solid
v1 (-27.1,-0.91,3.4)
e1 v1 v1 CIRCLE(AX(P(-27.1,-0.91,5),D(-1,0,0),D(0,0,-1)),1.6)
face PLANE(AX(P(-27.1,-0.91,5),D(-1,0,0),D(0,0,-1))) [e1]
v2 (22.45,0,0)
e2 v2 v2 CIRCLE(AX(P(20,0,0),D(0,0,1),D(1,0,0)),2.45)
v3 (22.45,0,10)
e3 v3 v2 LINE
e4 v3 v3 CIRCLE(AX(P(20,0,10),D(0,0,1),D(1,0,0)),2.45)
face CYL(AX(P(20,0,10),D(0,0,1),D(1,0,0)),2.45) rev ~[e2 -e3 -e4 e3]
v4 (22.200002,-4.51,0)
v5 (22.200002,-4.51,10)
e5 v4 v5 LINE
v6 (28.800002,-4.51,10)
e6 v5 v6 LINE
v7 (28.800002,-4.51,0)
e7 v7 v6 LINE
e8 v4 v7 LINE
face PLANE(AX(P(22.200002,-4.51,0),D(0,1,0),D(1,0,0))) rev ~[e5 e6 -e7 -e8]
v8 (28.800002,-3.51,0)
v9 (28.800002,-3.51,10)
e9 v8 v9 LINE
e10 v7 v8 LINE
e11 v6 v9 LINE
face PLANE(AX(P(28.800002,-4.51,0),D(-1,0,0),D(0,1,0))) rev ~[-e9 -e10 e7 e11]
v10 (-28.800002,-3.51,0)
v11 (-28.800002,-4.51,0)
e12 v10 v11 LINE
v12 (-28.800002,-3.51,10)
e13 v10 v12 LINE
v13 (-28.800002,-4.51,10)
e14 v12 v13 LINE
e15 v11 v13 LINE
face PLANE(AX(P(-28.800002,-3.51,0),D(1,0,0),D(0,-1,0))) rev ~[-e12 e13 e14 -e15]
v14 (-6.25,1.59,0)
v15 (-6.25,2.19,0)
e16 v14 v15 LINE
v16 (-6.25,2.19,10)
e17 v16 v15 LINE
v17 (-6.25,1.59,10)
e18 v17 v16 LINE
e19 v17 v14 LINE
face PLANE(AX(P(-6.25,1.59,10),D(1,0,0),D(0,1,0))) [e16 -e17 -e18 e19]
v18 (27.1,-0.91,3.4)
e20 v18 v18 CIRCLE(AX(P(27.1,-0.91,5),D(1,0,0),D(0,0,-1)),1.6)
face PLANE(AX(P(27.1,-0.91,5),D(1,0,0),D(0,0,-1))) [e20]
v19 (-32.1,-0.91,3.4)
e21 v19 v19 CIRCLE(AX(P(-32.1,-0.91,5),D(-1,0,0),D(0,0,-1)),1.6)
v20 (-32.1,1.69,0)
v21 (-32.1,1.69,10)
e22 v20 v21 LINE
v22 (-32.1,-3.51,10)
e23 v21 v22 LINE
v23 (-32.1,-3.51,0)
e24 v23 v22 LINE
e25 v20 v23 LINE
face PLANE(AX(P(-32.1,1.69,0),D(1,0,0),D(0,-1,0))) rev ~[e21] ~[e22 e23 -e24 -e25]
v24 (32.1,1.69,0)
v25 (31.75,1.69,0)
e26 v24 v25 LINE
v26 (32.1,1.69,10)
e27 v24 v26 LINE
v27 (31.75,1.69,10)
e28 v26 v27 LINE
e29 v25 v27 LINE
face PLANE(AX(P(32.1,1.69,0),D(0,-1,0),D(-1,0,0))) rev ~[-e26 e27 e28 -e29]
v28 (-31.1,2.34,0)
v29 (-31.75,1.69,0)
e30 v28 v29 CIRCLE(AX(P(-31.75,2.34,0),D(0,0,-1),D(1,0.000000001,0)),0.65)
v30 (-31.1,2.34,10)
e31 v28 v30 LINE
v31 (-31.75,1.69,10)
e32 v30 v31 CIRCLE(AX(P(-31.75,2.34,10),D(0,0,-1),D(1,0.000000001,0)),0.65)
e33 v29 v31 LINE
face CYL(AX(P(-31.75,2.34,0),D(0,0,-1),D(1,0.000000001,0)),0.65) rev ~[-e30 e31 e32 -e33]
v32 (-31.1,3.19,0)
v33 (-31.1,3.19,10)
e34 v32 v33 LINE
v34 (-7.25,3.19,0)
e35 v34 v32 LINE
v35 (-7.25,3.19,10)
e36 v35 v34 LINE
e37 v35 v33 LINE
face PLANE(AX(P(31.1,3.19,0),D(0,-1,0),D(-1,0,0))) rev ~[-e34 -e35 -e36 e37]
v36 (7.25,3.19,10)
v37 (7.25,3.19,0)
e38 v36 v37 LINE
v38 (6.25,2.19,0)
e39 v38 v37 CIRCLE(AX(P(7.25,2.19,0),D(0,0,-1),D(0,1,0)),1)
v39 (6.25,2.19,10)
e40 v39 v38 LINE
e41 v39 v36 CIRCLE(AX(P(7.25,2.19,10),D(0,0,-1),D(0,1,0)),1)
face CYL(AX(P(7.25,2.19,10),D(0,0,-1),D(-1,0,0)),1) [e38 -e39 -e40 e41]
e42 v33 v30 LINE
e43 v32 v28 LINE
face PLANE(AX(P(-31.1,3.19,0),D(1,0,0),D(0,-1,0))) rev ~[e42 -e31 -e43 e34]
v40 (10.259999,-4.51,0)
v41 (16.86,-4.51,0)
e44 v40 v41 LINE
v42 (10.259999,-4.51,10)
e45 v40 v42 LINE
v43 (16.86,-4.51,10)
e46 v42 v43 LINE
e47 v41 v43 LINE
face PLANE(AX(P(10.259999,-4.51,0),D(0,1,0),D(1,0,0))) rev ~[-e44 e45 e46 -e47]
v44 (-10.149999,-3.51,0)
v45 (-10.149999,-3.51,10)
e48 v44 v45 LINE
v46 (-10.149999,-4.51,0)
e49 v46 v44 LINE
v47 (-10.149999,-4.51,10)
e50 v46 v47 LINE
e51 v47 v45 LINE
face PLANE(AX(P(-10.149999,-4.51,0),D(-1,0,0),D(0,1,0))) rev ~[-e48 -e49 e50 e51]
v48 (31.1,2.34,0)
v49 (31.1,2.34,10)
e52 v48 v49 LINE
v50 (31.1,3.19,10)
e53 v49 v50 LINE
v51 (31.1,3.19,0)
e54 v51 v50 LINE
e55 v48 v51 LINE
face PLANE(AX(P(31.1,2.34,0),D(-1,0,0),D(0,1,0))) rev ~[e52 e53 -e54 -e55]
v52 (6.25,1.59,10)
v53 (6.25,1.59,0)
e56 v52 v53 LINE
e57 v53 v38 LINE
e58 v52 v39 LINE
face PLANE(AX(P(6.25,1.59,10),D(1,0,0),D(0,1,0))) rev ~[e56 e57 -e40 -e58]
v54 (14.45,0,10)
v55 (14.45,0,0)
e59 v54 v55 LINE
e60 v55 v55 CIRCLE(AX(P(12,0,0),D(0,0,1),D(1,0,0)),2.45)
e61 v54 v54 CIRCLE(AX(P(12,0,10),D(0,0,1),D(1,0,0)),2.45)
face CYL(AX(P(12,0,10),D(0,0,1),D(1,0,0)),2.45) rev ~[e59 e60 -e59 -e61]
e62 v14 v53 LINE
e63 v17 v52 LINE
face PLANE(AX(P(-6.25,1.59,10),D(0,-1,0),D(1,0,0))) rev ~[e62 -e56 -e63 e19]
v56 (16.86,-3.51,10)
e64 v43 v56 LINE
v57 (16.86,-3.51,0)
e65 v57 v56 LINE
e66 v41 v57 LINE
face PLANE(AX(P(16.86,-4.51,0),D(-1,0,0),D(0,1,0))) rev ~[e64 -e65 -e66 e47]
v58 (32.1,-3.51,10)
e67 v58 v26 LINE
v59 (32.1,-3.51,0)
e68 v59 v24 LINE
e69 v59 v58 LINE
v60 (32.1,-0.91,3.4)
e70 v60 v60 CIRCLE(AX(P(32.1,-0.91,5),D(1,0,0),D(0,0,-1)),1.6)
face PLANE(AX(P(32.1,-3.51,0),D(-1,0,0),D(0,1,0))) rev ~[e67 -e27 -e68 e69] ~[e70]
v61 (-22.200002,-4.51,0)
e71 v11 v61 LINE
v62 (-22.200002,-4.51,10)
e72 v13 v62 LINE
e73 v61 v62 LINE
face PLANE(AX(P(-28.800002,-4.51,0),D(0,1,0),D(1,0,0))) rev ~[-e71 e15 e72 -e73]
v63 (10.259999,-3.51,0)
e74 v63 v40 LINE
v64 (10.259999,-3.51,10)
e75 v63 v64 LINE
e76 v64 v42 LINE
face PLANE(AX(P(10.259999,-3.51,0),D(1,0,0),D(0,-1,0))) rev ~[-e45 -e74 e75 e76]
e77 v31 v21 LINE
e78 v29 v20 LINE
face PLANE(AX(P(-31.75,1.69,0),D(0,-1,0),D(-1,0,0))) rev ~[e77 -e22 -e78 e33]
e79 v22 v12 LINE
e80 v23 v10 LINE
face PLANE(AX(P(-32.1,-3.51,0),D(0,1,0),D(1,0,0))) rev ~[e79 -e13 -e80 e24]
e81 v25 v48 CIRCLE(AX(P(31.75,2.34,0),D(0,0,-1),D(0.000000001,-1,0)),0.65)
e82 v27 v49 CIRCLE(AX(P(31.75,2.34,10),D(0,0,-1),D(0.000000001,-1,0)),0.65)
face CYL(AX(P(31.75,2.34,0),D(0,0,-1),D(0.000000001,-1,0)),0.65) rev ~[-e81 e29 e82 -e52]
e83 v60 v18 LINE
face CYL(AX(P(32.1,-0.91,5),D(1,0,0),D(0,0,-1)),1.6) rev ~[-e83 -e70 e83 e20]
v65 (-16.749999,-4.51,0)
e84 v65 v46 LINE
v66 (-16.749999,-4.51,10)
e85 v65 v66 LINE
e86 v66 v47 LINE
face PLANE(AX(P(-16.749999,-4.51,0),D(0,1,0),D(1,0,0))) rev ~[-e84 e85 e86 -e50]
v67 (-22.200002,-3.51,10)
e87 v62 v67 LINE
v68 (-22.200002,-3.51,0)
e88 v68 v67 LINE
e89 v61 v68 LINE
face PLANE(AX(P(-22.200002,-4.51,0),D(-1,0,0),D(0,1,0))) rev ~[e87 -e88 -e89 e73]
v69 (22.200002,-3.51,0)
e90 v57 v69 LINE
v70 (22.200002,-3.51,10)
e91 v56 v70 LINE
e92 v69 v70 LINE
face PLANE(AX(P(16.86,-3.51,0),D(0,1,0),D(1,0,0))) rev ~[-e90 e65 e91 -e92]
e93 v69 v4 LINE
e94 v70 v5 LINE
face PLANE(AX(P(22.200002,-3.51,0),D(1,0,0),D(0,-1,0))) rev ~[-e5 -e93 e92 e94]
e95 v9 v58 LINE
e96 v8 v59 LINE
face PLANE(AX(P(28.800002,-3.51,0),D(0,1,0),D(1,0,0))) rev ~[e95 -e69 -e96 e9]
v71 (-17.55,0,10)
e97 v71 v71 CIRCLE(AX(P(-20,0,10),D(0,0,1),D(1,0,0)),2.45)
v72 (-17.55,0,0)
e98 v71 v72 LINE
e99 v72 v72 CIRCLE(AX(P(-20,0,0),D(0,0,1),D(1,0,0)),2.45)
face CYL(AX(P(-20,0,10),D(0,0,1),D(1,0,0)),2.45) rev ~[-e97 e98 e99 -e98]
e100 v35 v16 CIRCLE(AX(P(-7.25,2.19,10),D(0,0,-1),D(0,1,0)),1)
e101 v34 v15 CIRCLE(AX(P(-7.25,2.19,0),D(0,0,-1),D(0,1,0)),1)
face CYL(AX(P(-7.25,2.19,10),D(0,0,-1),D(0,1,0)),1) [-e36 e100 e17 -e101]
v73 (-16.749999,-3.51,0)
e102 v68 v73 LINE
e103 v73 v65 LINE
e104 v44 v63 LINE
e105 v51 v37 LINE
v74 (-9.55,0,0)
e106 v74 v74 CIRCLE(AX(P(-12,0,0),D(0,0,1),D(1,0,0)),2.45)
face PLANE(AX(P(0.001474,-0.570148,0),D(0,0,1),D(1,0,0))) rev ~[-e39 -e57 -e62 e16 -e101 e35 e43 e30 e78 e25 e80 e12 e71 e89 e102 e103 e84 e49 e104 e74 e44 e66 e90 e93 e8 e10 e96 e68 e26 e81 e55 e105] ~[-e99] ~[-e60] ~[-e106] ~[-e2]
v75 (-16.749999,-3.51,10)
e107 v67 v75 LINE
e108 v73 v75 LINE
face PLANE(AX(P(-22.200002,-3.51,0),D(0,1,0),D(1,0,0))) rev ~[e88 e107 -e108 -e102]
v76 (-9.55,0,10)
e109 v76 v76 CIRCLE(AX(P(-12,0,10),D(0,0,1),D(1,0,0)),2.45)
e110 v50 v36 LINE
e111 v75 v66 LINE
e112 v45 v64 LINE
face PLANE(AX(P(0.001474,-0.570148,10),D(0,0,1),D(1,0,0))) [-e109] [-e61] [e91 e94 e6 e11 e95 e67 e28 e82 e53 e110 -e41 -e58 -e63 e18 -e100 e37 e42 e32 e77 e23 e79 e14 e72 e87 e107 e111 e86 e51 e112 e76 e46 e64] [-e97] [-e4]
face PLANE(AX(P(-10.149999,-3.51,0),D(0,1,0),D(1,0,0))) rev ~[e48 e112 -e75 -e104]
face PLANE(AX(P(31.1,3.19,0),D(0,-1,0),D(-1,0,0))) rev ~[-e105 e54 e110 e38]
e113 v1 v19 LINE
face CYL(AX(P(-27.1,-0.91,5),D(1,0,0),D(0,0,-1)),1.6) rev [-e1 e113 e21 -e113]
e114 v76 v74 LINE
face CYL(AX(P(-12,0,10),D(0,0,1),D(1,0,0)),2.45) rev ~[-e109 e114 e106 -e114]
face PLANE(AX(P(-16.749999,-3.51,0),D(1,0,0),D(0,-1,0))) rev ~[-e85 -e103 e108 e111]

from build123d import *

# Parameters (mm, degrees)
BOSS_EXTRUDE1_DEPTH = 10
SKETCH3_R           = 2.45
CUT_EXTRUDE1_DEPTH  = 11
SKETCH4_R           = 1.6
CUT_EXTRUDE2_DEPTH  = 5
CUT_EXTRUDE3_START  = -5
SKETCH5_R           = 1.6
CUT_EXTRUDE3_DEPTH  = 5
SKETCH6_W           = 12.5
SKETCH6_H           = 1.6
CUT_EXTRUDE4_DEPTH  = 11
FILLET1_R           = 1


with BuildPart() as part:
    # Sketch2 → Boss-Extrude1 (new body)
    with BuildSketch(Plane.XY):
        with BuildLine():
            Line((7.861835452, 3.19), (-7.738161553, 3.19))
            Line((-7.738161553, 3.19), (-31.1, 3.19))
            Line((-31.1, 3.19), (-31.1, 2.34))
            ThreePointArc((-31.1, 2.34), (-31.290380592, 1.880380592), (-31.75, 1.69))
            Line((-31.75, 1.69), (-32.1, 1.69))
            Line((-32.1, 1.69), (-32.1, -3.51))
            Line((-32.1, -3.51), (-28.800002213, -3.51))
            Line((-28.800002213, -3.51), (-28.800002213, -4.51))
            Line((-28.800002213, -4.51), (-22.200001624, -4.51))
            Line((-22.200001624, -4.51), (-22.200001624, -3.51))
            Line((-22.200001624, -3.51), (-16.749999161, -3.51))
            Line((-16.749999161, -3.51), (-16.749999161, -4.51))
            Line((-16.749999161, -4.51), (-10.149998572, -4.51))
            Line((-10.149998572, -4.51), (-10.149998572, -3.51))
            Line((-10.149998572, -3.51), (10.25999916, -3.51))
            Line((10.25999916, -3.51), (10.25999916, -4.51))
            Line((10.25999916, -4.51), (16.85999975, -4.51))
            Line((16.85999975, -4.51), (16.85999975, -3.51))
            Line((16.85999975, -3.51), (22.200001602, -3.51))
            Line((22.200001602, -3.51), (22.200001602, -4.51))
            Line((22.200001602, -4.51), (28.800002191, -4.51))
            Line((28.800002191, -4.51), (28.800002191, -3.51))
            Line((28.800002191, -3.51), (32.1, -3.51))
            Line((32.1, -3.51), (32.1, 1.69))
            Line((32.1, 1.69), (31.75, 1.69))
            ThreePointArc((31.75, 1.69), (31.290380592, 1.880380592), (31.1, 2.34))
            Line((31.1, 2.34), (31.1, 3.19))
            Line((31.1, 3.19), (7.861835452, 3.19))
        make_face()
    extrude(amount=BOSS_EXTRUDE1_DEPTH)

    # Sketch3 → Cut-Extrude1 (cut)
    with BuildSketch(Plane.XY.offset(10)):
        with Locations((-20, 0)):
            Circle(SKETCH3_R)
        with Locations((-12, 0)):
            Circle(SKETCH3_R)
        with Locations((12, 0)):
            Circle(SKETCH3_R)
        with Locations((20, 0)):
            Circle(SKETCH3_R)
    extrude(amount=-CUT_EXTRUDE1_DEPTH, mode=Mode.SUBTRACT)

    # Sketch4 → Cut-Extrude2 (cut)
    with BuildSketch(Plane(origin=(32.1, 0, 0), x_dir=(0, 0, -1), z_dir=(1, 0, 0))):
        with Locations((-5, -0.91)):
            Circle(SKETCH4_R)
    extrude(amount=-CUT_EXTRUDE2_DEPTH, mode=Mode.SUBTRACT)

    # Sketch5 → Cut-Extrude3 (cut)
    with BuildSketch(Plane.ZY.offset(32.1).offset(CUT_EXTRUDE3_START)):
        with Locations(Location((5, -0.91, 0), (0, 0, 180))):
            Circle(SKETCH5_R)
    extrude(amount=CUT_EXTRUDE3_DEPTH, mode=Mode.SUBTRACT)

    # Sketch6 → Cut-Extrude4 (cut)
    with BuildSketch(Plane.XY.offset(10)):
        with Locations((0, 2.39)):
            Rectangle(SKETCH6_W, SKETCH6_H)
    extrude(amount=-CUT_EXTRUDE4_DEPTH, mode=Mode.SUBTRACT)

    # Fillet1
    fillet1_edges = [part.edges().sort_by_distance(p)[0] for p in [
        (6.25, 3.19, 5),
        (-6.25, 3.19, 5),
    ]]
    fillet(fillet1_edges, radius=FILLET1_R)


solid = part.part
